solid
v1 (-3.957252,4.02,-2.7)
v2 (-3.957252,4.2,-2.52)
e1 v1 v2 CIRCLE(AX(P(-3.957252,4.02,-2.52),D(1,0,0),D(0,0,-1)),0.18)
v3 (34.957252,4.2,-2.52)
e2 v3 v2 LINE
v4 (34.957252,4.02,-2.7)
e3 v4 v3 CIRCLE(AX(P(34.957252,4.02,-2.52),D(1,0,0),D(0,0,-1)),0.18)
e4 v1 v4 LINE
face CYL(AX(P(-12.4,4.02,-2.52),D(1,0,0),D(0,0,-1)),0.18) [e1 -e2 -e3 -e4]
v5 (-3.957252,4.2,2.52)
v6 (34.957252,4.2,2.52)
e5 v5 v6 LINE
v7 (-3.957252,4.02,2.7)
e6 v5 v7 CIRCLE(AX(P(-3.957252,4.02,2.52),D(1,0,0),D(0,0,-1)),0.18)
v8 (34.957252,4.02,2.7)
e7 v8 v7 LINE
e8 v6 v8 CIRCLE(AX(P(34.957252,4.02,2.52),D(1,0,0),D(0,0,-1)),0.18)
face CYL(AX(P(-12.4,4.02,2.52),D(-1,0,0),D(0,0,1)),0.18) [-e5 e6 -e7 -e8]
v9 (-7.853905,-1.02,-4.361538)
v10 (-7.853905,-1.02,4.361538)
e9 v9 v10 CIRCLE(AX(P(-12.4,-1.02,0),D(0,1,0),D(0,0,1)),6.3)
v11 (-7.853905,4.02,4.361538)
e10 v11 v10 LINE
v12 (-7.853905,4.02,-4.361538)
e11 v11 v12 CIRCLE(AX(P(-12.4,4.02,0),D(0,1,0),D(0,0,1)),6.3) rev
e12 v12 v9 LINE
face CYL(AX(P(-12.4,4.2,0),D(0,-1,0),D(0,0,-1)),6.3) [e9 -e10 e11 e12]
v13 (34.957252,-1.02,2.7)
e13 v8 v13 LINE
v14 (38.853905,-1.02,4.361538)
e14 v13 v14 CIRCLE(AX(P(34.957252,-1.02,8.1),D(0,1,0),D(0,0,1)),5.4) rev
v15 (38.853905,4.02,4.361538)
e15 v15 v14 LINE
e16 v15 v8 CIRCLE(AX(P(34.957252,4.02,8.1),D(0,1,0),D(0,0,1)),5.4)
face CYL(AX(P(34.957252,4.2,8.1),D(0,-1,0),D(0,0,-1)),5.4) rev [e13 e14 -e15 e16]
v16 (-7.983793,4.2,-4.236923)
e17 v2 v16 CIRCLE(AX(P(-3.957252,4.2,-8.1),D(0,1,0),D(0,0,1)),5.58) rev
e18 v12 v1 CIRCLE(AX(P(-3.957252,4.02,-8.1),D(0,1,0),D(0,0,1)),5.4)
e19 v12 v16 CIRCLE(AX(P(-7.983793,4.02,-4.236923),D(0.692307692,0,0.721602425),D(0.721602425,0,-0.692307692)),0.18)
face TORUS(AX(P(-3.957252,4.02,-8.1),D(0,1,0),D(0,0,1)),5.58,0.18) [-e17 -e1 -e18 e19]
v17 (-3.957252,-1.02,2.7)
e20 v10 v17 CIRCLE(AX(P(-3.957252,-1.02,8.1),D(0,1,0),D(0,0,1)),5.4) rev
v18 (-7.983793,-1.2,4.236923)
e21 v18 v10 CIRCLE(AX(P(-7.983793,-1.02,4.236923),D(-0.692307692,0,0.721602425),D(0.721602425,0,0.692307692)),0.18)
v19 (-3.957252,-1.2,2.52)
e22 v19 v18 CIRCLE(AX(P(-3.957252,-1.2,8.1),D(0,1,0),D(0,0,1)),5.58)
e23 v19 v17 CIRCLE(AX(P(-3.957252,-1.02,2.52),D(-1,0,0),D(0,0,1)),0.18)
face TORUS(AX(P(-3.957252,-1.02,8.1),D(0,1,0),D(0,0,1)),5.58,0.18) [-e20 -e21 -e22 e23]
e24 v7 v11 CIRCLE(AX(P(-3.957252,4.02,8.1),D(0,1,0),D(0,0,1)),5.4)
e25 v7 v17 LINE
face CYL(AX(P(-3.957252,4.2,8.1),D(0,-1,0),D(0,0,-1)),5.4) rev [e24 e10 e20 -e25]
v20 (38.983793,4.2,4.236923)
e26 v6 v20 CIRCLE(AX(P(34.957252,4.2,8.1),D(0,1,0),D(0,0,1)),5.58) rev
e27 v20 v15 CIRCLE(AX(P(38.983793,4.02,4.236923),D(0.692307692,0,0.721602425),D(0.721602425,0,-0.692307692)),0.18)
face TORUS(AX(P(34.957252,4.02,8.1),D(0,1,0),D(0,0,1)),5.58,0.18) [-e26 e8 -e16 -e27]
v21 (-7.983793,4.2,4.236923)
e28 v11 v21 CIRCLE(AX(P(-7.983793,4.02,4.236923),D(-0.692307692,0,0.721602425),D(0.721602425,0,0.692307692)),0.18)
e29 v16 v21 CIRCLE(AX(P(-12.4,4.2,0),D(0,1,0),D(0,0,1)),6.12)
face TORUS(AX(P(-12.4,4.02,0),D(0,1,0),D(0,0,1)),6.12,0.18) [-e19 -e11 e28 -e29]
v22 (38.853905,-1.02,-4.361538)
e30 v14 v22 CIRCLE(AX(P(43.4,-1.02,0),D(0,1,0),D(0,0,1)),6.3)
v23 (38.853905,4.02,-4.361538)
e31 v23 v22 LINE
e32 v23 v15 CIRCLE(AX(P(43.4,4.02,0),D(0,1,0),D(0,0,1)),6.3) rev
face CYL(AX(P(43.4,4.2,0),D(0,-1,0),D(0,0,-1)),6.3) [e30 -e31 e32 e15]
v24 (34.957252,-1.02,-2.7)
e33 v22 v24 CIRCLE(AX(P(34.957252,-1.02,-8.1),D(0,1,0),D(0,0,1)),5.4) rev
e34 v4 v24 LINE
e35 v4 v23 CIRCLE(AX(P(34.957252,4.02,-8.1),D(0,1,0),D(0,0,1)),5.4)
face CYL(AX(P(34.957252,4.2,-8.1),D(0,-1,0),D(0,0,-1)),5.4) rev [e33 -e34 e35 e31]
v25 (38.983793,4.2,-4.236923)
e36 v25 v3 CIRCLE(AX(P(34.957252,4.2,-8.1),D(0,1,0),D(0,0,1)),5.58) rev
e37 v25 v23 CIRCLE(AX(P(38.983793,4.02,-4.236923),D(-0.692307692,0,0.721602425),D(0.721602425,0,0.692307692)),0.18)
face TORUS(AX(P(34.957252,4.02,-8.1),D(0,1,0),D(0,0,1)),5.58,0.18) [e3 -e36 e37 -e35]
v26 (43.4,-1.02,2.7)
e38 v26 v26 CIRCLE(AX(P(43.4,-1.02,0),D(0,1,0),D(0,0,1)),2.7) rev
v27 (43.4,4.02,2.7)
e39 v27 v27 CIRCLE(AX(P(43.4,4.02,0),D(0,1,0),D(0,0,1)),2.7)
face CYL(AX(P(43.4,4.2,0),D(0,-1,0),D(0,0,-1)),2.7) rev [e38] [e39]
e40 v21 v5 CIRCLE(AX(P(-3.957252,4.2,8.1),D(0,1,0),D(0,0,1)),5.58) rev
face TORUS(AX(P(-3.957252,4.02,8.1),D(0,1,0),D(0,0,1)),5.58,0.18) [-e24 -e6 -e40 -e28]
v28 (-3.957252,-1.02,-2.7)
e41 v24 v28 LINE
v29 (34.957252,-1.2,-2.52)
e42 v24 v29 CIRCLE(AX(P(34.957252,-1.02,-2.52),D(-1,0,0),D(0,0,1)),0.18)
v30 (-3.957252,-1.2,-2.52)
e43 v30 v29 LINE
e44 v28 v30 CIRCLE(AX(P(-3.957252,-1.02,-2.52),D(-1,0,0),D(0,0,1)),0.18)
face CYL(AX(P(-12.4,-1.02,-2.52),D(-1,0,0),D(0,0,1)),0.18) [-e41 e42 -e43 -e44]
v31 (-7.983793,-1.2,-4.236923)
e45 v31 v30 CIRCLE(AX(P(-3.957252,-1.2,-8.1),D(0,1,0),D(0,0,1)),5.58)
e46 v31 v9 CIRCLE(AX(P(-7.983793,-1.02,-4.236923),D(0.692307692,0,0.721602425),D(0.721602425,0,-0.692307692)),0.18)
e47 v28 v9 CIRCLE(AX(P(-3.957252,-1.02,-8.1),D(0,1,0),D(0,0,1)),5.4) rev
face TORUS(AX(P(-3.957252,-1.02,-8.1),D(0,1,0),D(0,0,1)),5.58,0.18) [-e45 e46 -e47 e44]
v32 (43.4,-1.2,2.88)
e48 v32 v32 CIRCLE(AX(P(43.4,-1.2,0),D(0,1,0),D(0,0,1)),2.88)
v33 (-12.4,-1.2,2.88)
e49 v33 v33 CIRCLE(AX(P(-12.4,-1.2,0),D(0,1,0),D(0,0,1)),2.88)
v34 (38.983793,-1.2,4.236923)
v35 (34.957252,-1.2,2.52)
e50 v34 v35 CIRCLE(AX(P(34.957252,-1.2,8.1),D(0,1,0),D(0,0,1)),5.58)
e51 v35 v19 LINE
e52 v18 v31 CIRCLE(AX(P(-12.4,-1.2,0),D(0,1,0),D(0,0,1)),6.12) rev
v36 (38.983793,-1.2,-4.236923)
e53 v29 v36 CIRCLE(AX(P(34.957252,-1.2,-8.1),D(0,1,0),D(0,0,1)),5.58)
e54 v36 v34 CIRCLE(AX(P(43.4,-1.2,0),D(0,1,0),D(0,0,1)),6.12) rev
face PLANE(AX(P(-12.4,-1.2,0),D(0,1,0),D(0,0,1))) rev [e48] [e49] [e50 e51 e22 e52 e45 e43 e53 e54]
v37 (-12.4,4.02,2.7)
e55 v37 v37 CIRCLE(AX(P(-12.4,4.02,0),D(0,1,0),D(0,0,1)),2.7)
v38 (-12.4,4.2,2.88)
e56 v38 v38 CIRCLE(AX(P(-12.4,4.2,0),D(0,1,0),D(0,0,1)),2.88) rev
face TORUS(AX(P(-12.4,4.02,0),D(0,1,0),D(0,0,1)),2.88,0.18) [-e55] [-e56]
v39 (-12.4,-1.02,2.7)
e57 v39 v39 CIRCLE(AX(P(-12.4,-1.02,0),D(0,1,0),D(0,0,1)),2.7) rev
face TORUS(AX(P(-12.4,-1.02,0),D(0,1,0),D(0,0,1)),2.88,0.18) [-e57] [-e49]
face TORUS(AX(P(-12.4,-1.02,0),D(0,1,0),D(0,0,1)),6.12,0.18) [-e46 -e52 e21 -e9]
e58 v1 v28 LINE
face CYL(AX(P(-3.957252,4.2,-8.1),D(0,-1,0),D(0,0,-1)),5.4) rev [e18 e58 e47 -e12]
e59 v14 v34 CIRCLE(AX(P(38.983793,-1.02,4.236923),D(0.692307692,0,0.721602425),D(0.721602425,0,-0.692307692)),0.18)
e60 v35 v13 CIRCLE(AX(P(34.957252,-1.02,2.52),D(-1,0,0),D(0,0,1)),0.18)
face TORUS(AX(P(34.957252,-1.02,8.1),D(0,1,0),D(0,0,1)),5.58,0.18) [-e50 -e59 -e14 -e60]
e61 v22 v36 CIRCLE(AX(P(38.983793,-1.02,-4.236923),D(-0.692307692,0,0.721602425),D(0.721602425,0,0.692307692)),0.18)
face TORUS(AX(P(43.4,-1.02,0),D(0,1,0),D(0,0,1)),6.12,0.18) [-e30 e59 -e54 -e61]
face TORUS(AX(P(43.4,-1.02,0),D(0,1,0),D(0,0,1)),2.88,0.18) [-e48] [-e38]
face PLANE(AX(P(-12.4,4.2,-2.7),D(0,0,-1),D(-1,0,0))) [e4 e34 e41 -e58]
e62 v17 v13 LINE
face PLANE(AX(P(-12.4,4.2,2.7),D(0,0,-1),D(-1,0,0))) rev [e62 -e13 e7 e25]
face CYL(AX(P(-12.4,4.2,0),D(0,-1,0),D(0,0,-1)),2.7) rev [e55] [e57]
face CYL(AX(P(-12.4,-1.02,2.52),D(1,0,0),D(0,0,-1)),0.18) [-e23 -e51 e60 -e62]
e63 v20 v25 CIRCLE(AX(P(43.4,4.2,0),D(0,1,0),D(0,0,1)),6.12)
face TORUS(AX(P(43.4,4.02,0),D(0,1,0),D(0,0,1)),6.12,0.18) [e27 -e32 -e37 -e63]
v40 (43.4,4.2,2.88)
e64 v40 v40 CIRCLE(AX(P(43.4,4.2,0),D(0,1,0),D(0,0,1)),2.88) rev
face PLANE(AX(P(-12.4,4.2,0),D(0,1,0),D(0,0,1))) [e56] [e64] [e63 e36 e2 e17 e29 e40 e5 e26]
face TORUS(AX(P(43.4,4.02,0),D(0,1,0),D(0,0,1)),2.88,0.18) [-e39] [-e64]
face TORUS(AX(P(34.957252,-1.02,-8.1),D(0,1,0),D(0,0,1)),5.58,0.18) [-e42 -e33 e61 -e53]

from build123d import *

# Parameters (mm, degrees)
SKETCH1_R           = 1.5
BOSS_EXTRUDE1_DEPTH = 3
FILLET1_R           = 0.1
SCALE1_SCALE        = 1.8


with BuildPart() as part:
    # Sketch1 → Boss-Extrude1 (new body)
    with BuildSketch(Plane(origin=(0, 0, 0), x_dir=(1, 0, 0), z_dir=(0, 1, 0))):
        with BuildLine():
            Line((4.69041576, 1.5), (26.30958424, 1.5))
            ThreePointArc((26.30958424, 1.5), (27.486281051, 1.740401367), (28.474391514, 2.423076923))
            ThreePointArc((28.474391514, 2.423076923), (34.5, 0), (28.474391514, -2.423076923))
            ThreePointArc((28.474391514, -2.423076923), (27.486281051, -1.740401367), (26.30958424, -1.5))
            Line((26.30958424, -1.5), (4.69041576, -1.5))
            ThreePointArc((4.69041576, -1.5), (3.513718949, -1.740401367), (2.525608486, -2.423076923))
            ThreePointArc((2.525608486, -2.423076923), (-3.5, 0), (2.525608486, 2.423076923))
            ThreePointArc((2.525608486, 2.423076923), (3.513718949, 1.740401367), (4.69041576, 1.5))
        make_face()
        Circle(SKETCH1_R, mode=Mode.SUBTRACT)
        with Locations((31, 0)):
            Circle(SKETCH1_R, mode=Mode.SUBTRACT)
    extrude(amount=BOSS_EXTRUDE1_DEPTH)

    # Fillet1
    fillet1_edges = [part.edges().sort_by_distance(p)[0] for p in [
        (27.486281051, 0, -1.740401367),
        (34.5, 0, 0),
        (29.5, 3, 0),
        (27.486281051, 0, 1.740401367),
        (15.5, 0, 1.5),
        (3.513718949, 0, 1.740401367),
        (-3.5, 0, 0),
        (3.513718949, 0, -1.740401367),
        (15.5, 0, -1.5),
        (29.5, 0, 0),
        (-1.5, 0, 0),
        (15.5, 3, -1.5),
        (3.513718949, 3, -1.740401367),
        (-3.5, 3, 0),
        (3.513718949, 3, 1.740401367),
        (15.5, 3, 1.5),
        (27.486281051, 3, 1.740401367),
        (34.5, 3, 0),
        (27.486281051, 3, -1.740401367),
        (-1.5, 3, 0),
    ]]
    fillet(fillet1_edges, radius=FILLET1_R)


with BuildPart() as part_1:
    # Scale1: scaled about (15.5, 1.5, 0)
    add(part.part.scale(SCALE1_SCALE).moved(Location((-12.4, -1.2, 0))))


solid = part_1.part
